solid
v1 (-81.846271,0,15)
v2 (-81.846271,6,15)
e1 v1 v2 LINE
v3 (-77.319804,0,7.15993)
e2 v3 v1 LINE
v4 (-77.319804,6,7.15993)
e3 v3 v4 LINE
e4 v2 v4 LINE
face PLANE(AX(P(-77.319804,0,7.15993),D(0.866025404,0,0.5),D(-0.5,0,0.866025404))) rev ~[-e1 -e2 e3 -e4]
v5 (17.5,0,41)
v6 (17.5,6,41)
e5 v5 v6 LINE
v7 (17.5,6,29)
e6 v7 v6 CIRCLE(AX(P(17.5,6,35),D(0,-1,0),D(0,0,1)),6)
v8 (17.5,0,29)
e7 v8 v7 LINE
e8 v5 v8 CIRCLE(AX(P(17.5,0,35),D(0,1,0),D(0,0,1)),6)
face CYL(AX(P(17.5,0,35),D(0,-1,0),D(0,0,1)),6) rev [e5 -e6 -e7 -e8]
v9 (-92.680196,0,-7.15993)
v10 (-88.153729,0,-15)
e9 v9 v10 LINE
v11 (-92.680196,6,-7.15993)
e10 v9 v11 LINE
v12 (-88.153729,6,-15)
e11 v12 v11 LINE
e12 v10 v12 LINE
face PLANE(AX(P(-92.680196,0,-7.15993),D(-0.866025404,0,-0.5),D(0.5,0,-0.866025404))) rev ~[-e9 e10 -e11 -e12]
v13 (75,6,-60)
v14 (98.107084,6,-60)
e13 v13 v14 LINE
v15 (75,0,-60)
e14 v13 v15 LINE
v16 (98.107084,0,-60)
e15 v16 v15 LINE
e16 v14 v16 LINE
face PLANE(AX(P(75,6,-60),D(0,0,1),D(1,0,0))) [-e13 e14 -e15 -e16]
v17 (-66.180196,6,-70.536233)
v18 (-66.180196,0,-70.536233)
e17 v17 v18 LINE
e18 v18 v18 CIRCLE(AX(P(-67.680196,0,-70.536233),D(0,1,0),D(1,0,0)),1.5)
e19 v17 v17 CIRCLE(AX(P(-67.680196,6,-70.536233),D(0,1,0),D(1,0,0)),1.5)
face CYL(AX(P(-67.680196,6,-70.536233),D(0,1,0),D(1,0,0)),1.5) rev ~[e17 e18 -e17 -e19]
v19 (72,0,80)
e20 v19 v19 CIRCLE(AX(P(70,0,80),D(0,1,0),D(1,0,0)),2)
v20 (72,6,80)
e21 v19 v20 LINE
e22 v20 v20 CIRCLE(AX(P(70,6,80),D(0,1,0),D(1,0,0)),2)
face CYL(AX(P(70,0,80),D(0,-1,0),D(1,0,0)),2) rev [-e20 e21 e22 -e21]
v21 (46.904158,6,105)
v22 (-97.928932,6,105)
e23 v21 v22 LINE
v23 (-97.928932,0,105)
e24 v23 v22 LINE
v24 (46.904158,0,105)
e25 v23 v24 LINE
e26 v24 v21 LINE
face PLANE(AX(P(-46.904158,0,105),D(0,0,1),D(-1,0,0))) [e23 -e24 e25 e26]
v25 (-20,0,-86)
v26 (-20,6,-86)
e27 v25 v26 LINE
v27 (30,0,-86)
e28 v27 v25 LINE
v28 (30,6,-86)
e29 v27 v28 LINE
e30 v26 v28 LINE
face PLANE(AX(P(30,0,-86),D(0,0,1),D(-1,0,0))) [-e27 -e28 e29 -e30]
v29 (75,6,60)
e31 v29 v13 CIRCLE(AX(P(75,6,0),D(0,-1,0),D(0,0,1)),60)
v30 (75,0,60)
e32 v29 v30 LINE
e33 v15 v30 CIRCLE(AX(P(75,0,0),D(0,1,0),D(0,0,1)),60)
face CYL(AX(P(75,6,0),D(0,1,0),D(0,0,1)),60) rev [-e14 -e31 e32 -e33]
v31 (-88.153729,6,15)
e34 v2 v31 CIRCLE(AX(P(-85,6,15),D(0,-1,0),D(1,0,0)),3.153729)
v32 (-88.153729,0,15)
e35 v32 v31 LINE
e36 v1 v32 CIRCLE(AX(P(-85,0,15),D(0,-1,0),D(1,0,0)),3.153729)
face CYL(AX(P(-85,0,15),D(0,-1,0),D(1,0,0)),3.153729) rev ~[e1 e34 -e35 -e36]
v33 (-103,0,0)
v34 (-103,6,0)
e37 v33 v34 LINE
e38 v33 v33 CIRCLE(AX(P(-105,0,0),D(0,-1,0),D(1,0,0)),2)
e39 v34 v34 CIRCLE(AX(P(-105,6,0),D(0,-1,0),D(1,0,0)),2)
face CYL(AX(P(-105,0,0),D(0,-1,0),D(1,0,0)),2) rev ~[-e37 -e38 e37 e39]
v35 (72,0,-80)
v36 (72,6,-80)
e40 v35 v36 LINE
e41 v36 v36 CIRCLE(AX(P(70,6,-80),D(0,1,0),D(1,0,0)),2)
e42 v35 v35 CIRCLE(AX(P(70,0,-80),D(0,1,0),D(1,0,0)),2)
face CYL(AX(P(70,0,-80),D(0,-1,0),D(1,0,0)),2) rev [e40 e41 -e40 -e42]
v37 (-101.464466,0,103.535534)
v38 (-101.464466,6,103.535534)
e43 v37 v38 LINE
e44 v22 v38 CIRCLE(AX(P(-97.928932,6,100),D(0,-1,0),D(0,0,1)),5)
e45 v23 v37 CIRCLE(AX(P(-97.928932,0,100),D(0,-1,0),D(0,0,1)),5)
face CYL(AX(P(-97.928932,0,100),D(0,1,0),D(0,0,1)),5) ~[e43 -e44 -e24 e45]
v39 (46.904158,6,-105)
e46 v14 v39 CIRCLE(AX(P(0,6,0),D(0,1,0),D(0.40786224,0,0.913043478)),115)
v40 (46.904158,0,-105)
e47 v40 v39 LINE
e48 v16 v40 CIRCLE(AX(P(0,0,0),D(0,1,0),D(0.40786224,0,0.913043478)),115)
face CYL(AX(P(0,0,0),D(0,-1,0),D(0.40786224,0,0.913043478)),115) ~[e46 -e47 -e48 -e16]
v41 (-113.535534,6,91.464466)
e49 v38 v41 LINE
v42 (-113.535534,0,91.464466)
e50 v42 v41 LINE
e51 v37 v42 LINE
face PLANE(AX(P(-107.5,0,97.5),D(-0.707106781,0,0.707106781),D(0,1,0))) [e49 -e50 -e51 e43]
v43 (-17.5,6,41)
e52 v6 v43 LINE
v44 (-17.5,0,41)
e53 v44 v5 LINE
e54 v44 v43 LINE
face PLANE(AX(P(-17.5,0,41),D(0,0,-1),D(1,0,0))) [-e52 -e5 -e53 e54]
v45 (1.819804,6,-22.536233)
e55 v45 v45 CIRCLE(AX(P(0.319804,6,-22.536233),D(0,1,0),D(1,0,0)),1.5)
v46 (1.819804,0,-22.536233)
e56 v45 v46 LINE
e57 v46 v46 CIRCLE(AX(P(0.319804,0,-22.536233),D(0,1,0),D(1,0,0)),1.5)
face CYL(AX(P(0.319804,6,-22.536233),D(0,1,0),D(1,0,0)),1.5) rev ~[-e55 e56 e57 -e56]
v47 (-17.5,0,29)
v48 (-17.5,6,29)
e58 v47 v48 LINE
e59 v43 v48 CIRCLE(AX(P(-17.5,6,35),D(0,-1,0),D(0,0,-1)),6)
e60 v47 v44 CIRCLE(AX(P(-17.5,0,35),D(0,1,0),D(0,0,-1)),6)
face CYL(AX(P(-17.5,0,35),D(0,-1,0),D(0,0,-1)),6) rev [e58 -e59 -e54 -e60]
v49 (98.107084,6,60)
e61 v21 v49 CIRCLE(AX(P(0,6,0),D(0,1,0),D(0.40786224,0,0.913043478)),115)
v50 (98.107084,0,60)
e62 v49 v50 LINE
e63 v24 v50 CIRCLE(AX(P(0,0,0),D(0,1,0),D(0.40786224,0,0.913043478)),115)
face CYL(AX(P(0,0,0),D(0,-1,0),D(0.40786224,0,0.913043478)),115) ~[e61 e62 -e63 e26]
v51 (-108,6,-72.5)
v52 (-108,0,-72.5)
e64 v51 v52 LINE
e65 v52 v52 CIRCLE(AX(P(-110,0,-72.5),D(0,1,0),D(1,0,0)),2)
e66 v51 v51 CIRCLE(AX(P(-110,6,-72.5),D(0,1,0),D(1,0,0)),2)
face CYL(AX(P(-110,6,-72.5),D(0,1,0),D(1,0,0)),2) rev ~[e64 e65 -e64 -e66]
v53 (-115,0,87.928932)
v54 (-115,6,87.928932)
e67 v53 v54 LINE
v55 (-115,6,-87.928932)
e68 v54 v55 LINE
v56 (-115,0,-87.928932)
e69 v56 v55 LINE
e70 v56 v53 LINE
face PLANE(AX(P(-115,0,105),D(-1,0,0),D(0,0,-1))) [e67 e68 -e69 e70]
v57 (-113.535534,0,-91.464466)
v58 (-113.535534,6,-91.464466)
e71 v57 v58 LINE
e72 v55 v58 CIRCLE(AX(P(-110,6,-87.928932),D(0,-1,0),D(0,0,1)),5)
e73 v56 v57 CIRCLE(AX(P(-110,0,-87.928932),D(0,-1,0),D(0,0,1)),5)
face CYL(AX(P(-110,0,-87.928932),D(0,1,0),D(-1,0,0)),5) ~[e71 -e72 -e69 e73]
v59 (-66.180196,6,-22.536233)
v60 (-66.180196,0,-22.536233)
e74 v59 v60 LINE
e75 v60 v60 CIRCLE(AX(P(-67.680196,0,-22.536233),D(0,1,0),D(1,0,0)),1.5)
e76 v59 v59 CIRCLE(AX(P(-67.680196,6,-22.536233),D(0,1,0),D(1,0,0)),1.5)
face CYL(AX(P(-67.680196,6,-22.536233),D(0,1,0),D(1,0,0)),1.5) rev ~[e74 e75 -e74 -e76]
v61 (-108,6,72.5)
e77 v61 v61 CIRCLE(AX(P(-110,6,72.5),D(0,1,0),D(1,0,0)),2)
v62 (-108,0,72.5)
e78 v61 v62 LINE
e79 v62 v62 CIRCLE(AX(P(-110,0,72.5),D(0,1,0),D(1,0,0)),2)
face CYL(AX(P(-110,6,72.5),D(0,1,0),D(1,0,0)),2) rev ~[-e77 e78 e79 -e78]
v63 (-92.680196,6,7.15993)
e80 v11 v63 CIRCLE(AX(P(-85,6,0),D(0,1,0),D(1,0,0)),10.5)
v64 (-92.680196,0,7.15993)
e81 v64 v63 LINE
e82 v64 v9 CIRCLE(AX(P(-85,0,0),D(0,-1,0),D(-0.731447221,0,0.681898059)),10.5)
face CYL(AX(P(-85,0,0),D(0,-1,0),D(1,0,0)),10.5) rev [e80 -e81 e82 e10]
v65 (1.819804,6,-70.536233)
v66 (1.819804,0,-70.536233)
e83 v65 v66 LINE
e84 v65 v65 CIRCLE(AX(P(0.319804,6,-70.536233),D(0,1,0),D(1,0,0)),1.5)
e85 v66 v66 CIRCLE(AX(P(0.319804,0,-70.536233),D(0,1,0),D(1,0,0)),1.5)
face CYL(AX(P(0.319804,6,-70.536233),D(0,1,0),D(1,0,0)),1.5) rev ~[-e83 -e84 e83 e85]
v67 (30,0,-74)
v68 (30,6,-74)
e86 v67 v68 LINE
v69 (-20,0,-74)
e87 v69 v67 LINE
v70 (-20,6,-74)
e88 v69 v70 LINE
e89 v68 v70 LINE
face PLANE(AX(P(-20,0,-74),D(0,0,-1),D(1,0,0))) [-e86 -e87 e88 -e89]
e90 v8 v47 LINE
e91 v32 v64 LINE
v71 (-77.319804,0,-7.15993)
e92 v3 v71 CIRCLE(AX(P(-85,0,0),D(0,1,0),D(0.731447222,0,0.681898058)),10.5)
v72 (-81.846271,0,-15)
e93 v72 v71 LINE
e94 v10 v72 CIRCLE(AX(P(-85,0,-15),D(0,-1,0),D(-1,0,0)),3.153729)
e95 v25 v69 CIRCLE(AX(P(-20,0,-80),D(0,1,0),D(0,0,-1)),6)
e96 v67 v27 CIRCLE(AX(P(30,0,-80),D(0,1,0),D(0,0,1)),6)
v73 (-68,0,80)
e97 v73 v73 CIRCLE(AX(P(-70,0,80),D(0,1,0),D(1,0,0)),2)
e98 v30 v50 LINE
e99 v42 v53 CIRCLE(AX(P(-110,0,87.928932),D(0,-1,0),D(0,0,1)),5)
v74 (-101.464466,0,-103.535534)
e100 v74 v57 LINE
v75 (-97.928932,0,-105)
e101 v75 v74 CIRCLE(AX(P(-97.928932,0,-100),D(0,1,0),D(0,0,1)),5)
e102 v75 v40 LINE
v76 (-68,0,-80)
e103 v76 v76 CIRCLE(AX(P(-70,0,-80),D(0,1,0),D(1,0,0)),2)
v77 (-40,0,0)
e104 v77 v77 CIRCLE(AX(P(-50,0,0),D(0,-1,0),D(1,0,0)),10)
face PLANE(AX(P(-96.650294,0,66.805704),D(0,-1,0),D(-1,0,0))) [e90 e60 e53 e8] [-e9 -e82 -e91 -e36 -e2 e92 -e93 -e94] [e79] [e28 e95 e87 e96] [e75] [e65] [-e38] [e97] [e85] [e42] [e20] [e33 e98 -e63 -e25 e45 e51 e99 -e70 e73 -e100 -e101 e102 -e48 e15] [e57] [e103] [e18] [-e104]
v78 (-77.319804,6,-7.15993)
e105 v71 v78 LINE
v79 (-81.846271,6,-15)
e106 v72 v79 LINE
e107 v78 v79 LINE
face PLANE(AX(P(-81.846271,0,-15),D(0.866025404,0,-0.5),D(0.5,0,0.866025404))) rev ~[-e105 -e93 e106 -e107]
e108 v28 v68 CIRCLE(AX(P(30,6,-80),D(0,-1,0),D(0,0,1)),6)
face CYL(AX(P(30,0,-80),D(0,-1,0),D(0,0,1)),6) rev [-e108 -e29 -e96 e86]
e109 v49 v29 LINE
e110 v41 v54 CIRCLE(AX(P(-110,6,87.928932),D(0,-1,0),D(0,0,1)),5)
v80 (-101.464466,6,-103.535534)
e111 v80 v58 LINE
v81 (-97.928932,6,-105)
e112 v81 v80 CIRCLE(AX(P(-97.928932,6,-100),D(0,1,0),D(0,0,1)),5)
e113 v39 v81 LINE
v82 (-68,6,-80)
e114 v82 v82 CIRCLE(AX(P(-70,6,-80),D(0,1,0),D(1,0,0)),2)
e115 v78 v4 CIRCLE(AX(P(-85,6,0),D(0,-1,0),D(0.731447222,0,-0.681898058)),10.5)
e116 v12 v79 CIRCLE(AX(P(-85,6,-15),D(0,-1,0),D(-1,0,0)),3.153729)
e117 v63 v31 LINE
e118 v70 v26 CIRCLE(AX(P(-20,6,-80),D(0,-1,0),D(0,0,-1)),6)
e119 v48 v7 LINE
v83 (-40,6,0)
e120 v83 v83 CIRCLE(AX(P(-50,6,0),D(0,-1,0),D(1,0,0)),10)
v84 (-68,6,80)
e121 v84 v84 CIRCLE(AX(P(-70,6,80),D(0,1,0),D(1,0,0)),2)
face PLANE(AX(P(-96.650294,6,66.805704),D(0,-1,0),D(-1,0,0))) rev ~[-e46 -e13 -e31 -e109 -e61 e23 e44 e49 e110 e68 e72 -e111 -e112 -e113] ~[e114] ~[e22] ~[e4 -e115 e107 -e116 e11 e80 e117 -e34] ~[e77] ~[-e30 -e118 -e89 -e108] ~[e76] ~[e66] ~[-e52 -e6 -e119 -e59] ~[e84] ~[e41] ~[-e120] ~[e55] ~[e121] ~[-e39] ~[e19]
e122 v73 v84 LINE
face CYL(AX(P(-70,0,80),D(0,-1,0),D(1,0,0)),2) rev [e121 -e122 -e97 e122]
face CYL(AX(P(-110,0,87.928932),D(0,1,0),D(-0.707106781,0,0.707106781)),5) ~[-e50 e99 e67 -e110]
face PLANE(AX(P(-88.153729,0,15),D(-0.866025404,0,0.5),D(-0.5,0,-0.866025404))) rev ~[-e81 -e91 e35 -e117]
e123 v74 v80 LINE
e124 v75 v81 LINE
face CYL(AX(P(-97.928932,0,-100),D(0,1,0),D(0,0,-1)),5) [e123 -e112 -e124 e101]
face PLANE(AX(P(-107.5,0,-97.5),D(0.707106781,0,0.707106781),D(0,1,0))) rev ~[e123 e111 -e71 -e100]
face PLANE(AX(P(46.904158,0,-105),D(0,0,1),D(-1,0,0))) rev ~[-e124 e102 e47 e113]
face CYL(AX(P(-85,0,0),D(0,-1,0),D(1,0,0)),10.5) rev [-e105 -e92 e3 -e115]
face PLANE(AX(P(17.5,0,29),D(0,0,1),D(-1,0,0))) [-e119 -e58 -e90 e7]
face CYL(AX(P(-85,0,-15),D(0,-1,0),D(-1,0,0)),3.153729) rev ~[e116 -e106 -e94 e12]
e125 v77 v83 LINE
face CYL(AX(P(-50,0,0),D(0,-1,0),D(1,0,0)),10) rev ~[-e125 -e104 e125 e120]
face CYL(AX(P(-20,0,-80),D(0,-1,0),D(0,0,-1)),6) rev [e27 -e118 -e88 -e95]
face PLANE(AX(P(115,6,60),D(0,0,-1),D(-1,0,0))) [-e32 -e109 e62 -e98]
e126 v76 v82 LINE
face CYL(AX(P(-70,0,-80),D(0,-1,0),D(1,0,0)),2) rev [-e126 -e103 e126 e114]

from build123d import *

# Parameters (mm, degrees)
SKETCH1_R           = 2
SKETCH1_R_2         = 10.5
BOSS_EXTRUDE1_DEPTH = 6
SKETCH2_R           = 10
SKETCH2_R_2         = 2
CUT_EXTRUDE2_DEPTH  = 19
BOSS_EXTRUDE2_DEPTH = 6
CHAMFER1_SIZE       = 15
FILLET1_R           = 5
SKETCH4_R           = 1.5
CUT_EXTRUDE3_DEPTH  = 10
SKETCH5_R           = 2
CUT_EXTRUDE4_DEPTH  = 10


with BuildPart() as part:
    # Sketch1 → Boss-Extrude1 (new body)
    with BuildSketch(Plane(origin=(0, 0, 0), x_dir=(1, 0, 0), z_dir=(0, 1, 0))):
        with BuildLine():
            Line((-46.904157598, -105), (46.904157598, -105))
            ThreePointArc((46.904157598, -105), (115, 0), (46.904157598, 105))
            Line((46.904157598, 105), (-46.904157598, 105))
            ThreePointArc((-46.904157598, 105), (-115, 0), (-46.904157598, -105))
        make_face()
        with Locations((-70, 80)):
            Circle(SKETCH1_R, mode=Mode.SUBTRACT)
        with Locations((70, 80)):
            Circle(SKETCH1_R, mode=Mode.SUBTRACT)
        with Locations((70, -80)):
            Circle(SKETCH1_R, mode=Mode.SUBTRACT)
        with Locations((-70, -80)):
            Circle(SKETCH1_R, mode=Mode.SUBTRACT)
        with Locations((-85, 0)):
            Circle(SKETCH1_R_2, mode=Mode.SUBTRACT)
    extrude(amount=BOSS_EXTRUDE1_DEPTH)

    # Sketch2 → Cut-Extrude2 (cut)
    with BuildSketch(Plane.XZ):
        with Locations((-50, 0)):
            Circle(SKETCH2_R)
        with Locations((-105, 0)):
            Circle(SKETCH2_R_2)
        with BuildLine():
            Line((-88.153729078, 15), (-92.680195826, 7.159929613))
            ThreePointArc((-92.680195826, 7.159929613), (-95.5, 0), (-92.680195826, -7.159929613))
            Line((-92.680195826, -7.159929613), (-88.153729078, -15))
            ThreePointArc((-88.153729078, -15), (-85, -18.153729078), (-81.846270922, -15))
            Line((-81.846270922, -15), (-77.319804174, -7.159929613))
            ThreePointArc((-77.319804174, -7.159929613), (-74.5, 0), (-77.319804174, 7.159929613))
            Line((-77.319804174, 7.159929613), (-81.846270922, 15))
            ThreePointArc((-81.846270922, 15), (-85, 18.153729078), (-88.153729078, 15))
        make_face()
        with BuildLine():
            Line((-20, -74), (30, -74))
            ThreePointArc((30, -74), (36, -80), (30, -86))
            Line((30, -86), (-20, -86))
            ThreePointArc((-20, -86), (-26, -80), (-20, -74))
        make_face()
        with BuildLine():
            Line((17.5, 29), (-17.5, 29))
            ThreePointArc((-17.5, 29), (-23.5, 35), (-17.5, 41))
            Line((-17.5, 41), (17.5, 41))
            ThreePointArc((17.5, 41), (23.5, 35), (17.5, 29))
        make_face()
    extrude(amount=-CUT_EXTRUDE2_DEPTH, mode=Mode.SUBTRACT)

    # Sketch3 → Boss-Extrude2 (add)
    with BuildSketch(Plane(origin=(0, 0, 0), x_dir=(-1, 0, 0), z_dir=(0, -1, 0))):
        with BuildLine():
            ThreePointArc((115, 0), (96.485693561, -62.574043645), (46.904157598, -105))
            Line((46.904157598, -105), (115, -105))
            Line((115, -105), (115, 0))
        make_face()
        with BuildLine():
            ThreePointArc((46.904157598, 105), (96.485693561, 62.574043645), (115, 0))
            Line((115, 0), (115, 105))
            Line((115, 105), (46.904157598, 105))
        make_face()
    extrude(amount=-BOSS_EXTRUDE2_DEPTH)

    # Chamfer1
    chamfer1_edges = [part.edges().sort_by_distance(p)[0] for p in [
        (-115, 3, 105),
        (-115, 3, -105),
    ]]
    chamfer(chamfer1_edges, length=CHAMFER1_SIZE)

    # Fillet1
    fillet1_edges = [part.edges().sort_by_distance(p)[0] for p in [
        (-115, 3, 90),
        (-115, 3, -90),
        (-100, 3, -105),
        (-100, 3, 105),
    ]]
    fillet(fillet1_edges, radius=FILLET1_R)

    # Sketch4 → Cut-Extrude3 (cut)
    with BuildSketch(Plane(origin=(0, 6, 0), x_dir=(1, 0, 0), z_dir=(0, 1, 0))):
        with Locations((0.319804174, 22.536233459)):
            Circle(SKETCH4_R)
        with Locations((-67.680195826, 22.536233459)):
            Circle(SKETCH4_R)
        with Locations((-67.680195826, 70.536233459)):
            Circle(SKETCH4_R)
        with Locations((0.319804174, 70.536233459)):
            Circle(SKETCH4_R)
        with BuildLine():
            Line((115, -60), (75, -60))
            ThreePointArc((75, -60), (15, 0), (75, 60))
            Line((75, 60), (115, 60))
            Line((115, 60), (115, -60))
        make_face()
    extrude(amount=-CUT_EXTRUDE3_DEPTH, mode=Mode.SUBTRACT)

    # Sketch5 → Cut-Extrude4 (cut)
    with BuildSketch(Plane(origin=(0, 6, 0), x_dir=(1, 0, 0), z_dir=(0, 1, 0))):
        with Locations((-110, -72.5)):
            Circle(SKETCH5_R)
        with Locations((-110, 72.5)):
            Circle(SKETCH5_R)
    extrude(amount=-CUT_EXTRUDE4_DEPTH, mode=Mode.SUBTRACT)


solid = part.part
